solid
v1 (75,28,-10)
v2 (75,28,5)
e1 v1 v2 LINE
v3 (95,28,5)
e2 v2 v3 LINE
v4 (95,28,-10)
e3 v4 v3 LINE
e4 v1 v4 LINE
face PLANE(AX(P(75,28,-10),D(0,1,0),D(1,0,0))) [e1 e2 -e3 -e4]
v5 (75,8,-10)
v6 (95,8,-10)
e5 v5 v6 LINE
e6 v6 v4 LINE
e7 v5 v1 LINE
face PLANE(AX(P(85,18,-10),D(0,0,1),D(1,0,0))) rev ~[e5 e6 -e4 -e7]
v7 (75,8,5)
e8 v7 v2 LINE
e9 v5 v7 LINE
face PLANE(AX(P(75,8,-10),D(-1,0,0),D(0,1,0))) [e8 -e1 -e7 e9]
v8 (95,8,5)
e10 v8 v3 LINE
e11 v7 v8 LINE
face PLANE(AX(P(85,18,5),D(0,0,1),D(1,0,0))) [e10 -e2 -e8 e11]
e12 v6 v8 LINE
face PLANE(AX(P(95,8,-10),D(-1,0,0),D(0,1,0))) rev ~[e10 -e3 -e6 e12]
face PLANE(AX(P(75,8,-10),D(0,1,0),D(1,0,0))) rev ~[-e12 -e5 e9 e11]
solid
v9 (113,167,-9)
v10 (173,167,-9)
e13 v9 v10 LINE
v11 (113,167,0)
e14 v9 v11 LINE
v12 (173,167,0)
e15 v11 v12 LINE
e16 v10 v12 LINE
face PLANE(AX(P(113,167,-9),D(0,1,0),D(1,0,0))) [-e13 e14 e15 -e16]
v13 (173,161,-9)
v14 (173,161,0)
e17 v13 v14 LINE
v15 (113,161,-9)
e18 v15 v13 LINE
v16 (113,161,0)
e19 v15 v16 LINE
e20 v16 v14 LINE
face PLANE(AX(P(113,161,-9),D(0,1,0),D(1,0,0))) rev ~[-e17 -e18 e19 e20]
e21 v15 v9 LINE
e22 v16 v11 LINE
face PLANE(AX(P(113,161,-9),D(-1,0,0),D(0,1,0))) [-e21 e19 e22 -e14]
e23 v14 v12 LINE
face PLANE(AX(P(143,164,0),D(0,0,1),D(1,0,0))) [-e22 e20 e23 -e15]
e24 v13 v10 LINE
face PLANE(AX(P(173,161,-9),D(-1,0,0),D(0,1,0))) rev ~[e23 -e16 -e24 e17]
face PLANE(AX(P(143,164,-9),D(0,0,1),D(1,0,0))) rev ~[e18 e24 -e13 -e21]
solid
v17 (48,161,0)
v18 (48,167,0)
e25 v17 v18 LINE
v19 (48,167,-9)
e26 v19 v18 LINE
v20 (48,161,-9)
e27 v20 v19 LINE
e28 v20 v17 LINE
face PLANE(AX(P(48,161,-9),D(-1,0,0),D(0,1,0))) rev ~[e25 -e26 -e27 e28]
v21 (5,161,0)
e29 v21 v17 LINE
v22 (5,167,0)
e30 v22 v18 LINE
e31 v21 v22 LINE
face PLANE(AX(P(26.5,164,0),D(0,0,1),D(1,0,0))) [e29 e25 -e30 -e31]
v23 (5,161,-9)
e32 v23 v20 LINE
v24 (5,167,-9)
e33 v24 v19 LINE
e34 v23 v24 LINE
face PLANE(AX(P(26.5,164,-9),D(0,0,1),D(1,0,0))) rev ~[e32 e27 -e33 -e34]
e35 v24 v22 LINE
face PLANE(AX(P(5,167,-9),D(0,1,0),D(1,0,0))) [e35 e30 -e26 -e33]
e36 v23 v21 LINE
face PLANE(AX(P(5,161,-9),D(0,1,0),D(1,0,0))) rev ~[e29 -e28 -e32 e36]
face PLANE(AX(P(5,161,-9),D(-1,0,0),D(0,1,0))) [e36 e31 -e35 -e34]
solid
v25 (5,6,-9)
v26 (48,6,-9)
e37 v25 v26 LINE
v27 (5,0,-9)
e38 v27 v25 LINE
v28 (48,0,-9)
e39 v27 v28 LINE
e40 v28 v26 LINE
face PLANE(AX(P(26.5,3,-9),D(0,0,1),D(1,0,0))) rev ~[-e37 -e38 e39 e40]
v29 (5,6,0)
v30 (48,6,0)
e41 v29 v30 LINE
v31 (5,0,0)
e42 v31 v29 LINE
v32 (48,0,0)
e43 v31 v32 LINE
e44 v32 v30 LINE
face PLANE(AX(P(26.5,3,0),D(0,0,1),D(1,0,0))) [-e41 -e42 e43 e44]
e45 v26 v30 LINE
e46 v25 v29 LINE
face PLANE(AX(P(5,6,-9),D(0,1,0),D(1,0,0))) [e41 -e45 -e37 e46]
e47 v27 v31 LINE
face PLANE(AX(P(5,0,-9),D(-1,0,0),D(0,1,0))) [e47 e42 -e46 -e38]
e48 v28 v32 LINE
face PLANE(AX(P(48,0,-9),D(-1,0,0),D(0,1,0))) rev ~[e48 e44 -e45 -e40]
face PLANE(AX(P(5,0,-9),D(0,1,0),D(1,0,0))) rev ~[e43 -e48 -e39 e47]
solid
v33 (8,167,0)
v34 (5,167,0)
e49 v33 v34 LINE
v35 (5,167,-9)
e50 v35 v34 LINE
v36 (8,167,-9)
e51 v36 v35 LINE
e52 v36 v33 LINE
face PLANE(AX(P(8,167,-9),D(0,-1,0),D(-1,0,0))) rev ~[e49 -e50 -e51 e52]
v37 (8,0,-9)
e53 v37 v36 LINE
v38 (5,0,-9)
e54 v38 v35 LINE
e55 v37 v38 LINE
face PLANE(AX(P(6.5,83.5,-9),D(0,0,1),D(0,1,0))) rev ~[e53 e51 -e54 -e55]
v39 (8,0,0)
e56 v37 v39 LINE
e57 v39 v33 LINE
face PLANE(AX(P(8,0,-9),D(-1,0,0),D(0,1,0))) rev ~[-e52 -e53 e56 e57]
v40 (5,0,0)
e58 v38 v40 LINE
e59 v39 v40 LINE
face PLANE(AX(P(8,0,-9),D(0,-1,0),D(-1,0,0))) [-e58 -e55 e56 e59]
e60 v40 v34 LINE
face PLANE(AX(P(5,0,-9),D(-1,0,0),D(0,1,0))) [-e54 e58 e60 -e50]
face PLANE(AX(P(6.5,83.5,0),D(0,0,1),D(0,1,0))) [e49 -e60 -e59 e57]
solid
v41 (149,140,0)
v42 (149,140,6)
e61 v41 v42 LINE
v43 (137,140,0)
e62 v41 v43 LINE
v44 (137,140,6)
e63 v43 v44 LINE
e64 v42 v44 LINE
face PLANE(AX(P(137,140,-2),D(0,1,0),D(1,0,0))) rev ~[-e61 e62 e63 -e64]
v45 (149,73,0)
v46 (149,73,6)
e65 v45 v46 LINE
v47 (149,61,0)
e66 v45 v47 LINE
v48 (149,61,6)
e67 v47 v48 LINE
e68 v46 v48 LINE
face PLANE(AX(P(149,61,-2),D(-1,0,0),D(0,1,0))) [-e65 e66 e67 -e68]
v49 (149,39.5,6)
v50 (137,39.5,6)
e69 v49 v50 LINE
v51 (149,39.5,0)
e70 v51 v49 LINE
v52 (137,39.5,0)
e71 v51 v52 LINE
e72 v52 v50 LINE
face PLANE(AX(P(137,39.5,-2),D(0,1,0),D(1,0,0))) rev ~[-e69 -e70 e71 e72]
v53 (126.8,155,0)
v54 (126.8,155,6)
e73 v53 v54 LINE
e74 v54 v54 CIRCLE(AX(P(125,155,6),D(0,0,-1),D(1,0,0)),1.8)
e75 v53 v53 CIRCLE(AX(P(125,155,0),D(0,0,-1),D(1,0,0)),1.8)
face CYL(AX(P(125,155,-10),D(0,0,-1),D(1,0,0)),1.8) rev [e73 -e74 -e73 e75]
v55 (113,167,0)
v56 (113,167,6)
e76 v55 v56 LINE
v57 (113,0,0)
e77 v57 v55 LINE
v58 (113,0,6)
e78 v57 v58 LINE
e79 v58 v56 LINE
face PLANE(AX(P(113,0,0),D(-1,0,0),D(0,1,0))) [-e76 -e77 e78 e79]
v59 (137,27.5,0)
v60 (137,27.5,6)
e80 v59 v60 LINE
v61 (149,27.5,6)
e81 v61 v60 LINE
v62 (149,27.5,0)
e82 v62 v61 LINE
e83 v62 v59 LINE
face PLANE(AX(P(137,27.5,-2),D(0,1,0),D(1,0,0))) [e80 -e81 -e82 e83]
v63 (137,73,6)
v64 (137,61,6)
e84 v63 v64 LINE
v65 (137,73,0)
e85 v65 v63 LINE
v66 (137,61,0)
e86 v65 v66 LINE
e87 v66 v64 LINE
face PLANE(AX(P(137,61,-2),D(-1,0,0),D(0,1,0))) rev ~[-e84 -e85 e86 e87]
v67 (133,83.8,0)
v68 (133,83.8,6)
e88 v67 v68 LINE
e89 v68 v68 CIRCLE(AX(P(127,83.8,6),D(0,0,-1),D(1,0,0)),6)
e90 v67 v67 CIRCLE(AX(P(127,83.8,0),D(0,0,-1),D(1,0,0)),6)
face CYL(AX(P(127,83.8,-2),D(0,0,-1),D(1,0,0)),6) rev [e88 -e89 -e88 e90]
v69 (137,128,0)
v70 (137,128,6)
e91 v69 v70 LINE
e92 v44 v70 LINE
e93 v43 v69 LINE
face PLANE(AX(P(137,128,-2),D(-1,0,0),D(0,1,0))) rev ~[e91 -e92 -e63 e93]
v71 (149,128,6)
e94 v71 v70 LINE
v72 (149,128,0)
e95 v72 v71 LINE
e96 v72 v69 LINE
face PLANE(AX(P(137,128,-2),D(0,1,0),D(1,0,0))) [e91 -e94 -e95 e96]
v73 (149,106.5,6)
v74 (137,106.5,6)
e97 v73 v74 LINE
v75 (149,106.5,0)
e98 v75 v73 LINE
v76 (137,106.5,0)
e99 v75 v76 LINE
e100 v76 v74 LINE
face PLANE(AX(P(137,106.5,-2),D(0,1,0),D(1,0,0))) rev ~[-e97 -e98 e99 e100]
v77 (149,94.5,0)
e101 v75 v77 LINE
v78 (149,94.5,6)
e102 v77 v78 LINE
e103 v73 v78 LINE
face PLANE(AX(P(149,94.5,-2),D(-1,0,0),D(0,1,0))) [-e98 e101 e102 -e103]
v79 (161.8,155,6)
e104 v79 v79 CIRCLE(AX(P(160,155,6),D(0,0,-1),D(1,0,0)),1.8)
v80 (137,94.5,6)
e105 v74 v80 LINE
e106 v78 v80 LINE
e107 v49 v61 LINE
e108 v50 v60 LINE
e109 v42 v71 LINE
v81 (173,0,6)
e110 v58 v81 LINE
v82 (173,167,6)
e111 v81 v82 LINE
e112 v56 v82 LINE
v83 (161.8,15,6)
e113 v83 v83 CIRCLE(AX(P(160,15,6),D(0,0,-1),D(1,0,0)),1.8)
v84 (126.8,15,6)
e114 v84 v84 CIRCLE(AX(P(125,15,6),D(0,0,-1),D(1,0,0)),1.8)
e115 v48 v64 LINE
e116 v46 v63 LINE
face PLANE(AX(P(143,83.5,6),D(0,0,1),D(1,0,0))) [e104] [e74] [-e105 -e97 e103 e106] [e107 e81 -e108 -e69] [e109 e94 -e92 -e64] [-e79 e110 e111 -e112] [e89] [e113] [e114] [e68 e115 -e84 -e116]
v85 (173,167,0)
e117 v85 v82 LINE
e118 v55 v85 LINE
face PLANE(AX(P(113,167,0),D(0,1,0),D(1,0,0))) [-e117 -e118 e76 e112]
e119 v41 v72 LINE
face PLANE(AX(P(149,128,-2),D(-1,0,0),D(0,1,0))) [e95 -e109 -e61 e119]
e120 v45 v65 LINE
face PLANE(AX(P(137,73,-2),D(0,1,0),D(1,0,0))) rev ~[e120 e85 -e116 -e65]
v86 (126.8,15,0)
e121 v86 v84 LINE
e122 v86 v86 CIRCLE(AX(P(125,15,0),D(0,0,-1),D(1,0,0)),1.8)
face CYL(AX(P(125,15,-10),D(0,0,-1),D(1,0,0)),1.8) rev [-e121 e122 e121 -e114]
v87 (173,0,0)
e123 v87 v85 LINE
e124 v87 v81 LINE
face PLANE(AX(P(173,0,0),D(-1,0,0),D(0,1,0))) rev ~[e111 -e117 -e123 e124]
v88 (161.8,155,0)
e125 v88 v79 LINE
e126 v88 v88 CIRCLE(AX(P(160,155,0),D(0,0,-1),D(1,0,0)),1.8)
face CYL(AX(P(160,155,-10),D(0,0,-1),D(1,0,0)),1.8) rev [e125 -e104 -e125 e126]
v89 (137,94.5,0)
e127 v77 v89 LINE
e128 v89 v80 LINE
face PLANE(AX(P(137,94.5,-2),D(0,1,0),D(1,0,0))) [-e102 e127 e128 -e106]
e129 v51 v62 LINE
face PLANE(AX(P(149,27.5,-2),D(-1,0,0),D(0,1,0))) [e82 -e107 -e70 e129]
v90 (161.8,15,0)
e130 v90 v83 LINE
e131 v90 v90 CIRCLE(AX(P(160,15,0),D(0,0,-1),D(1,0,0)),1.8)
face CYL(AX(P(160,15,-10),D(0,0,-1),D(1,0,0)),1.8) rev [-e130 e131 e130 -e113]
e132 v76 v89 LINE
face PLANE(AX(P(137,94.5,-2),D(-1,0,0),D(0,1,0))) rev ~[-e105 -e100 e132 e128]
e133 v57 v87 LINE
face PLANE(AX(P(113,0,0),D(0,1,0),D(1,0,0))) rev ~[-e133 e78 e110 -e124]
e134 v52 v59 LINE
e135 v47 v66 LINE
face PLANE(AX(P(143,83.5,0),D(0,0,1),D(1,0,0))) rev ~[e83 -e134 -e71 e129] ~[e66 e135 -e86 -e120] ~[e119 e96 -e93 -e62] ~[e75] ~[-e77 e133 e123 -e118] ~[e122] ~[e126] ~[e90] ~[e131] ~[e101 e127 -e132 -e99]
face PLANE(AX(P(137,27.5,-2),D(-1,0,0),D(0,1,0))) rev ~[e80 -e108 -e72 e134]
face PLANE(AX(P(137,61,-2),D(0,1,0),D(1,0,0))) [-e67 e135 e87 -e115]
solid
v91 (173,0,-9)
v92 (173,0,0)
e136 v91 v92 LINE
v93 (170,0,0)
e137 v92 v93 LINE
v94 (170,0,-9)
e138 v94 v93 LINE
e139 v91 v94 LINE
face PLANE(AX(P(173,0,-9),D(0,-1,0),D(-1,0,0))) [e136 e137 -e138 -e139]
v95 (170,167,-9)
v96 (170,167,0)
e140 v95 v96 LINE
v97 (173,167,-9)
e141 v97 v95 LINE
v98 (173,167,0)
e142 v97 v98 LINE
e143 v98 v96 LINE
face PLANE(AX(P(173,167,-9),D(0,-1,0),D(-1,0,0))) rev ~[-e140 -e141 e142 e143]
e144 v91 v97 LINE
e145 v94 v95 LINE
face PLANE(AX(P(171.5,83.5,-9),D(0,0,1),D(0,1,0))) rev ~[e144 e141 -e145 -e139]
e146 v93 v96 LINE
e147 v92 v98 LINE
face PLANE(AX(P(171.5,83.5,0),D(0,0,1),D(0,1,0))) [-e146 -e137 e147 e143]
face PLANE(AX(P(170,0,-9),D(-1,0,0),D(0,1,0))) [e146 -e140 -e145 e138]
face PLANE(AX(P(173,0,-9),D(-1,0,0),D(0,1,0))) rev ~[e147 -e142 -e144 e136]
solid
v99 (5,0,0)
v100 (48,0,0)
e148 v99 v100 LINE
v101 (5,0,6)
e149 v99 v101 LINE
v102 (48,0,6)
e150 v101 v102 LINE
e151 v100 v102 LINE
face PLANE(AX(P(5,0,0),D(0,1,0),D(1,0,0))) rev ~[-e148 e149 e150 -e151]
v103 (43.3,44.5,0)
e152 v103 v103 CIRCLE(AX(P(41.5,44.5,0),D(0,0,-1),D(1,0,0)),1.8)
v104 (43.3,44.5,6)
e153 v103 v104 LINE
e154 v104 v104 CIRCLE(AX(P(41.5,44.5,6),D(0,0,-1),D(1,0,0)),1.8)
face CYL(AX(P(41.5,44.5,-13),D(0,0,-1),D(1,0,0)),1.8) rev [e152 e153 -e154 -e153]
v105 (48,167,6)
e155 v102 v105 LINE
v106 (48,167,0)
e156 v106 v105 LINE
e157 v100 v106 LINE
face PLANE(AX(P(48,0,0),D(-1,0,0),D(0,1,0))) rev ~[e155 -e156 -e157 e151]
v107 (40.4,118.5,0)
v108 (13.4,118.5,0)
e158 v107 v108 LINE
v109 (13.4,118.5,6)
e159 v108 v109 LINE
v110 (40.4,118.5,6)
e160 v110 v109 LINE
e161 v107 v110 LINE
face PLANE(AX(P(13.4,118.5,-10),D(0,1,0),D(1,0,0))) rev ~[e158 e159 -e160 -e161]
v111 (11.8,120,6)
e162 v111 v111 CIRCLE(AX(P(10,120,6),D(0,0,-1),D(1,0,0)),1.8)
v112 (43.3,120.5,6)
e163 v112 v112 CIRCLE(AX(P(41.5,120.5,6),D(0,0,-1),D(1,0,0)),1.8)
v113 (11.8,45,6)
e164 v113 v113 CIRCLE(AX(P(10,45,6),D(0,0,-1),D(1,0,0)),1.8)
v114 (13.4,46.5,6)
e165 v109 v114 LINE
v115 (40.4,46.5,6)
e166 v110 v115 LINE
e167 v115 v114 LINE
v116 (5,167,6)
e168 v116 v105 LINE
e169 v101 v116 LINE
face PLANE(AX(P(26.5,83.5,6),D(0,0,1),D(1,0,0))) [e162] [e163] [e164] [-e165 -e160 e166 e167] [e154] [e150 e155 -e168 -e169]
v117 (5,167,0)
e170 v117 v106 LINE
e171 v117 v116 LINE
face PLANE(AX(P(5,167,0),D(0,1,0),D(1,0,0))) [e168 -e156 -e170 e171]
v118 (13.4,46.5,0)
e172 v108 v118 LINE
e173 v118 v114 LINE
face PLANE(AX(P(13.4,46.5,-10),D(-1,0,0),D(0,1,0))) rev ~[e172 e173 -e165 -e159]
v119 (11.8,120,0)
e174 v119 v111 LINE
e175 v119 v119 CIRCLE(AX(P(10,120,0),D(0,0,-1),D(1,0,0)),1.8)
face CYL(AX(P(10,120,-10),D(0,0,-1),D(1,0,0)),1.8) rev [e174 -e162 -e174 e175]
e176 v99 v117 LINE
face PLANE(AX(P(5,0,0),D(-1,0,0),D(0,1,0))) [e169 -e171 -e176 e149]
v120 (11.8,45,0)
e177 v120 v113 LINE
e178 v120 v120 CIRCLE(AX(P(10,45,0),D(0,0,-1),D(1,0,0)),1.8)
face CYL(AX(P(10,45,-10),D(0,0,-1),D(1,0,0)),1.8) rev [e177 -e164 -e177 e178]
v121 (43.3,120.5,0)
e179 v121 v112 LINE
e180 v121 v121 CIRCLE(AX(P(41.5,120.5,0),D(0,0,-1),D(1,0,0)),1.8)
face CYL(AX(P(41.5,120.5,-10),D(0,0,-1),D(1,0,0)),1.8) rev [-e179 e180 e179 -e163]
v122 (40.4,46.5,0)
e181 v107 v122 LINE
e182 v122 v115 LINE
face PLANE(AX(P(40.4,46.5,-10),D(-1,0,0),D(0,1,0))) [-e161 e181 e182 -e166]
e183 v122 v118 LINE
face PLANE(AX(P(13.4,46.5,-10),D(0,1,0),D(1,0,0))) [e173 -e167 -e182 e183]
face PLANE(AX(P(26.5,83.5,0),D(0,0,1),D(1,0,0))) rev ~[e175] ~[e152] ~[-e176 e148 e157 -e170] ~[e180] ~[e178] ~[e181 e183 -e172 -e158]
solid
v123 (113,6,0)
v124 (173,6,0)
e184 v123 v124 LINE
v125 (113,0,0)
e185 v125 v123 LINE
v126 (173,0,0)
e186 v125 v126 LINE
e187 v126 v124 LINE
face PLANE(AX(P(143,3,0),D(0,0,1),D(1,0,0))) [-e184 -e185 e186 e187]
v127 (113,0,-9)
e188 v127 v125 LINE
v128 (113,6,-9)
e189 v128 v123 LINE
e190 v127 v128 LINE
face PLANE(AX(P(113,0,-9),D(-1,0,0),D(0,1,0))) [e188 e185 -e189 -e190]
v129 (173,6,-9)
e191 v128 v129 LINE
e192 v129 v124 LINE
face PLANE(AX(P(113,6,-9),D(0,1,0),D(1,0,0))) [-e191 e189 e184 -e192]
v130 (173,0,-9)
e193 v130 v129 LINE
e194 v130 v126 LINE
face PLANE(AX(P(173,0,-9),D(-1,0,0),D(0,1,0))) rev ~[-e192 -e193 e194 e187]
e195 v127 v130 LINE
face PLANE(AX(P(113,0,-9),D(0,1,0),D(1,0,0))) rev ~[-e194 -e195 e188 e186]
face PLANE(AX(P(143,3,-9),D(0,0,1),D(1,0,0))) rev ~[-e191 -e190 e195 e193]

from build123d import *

# Parameters (mm, degrees)
BOX001_W          = 43
BOX001_H          = 6
BOX001_DEPTH      = 9
BOX002_W          = 43
BOX002_H          = 6
BOX002_DEPTH      = 9
BOX003_W          = 167
BOX003_H          = 3
BOX003_DEPTH      = 9
BOX009_W          = 60
BOX009_H          = 6
BOX009_DEPTH      = 9
BOX010_W          = 60
BOX010_H          = 6
BOX010_DEPTH      = 9
BOX011_W          = 167
BOX011_H          = 3
BOX011_DEPTH      = 9
TUBE008_R         = 1.8
TUBE008_DEPTH     = 21
TUBE007_R         = 1.8
TUBE007_DEPTH     = 20
TUBE006_R         = 1.8
TUBE006_DEPTH     = 20
TUBE005_R         = 1.8
TUBE005_DEPTH     = 20
BOX004_W          = 27
BOX004_H          = 72
BOX004_DEPTH      = 18
BOX007_W          = 43
BOX007_H          = 167
BOX007_DEPTH      = 6
TUBE010_R         = 1.8
TUBE010_DEPTH     = 20
TUBE011_R         = 1.8
TUBE011_DEPTH     = 20
TUBE012_R         = 1.8
TUBE012_DEPTH     = 20
BOX014_W          = 12
BOX014_H          = 12
BOX014_DEPTH      = 10
BOX012_W          = 12
BOX012_H          = 12
BOX012_DEPTH      = 10
BOX013_W          = 12
BOX013_H          = 12
BOX013_DEPTH      = 10
BOX015_W          = 12
BOX015_H          = 12
BOX015_DEPTH      = 10
CYLINDER005_R     = 6
CYLINDER005_DEPTH = 10
TUBE009_R         = 1.8
TUBE009_DEPTH     = 20
BOX008_W          = 60
BOX008_H          = 167
BOX008_DEPTH      = 6
BOX_W             = 20
BOX_H             = 20
BOX_DEPTH         = 15


with BuildPart() as side1:
    # Box001 → Box001 (new body)
    with BuildSketch(Plane(origin=(5, 0, -9), x_dir=(1, 0, 0), z_dir=(0, 0, 1))):
        with Locations((21.5, 3)):
            Rectangle(BOX001_W, BOX001_H)
    extrude(amount=BOX001_DEPTH)


with BuildPart() as side2:
    # Box002 → Box002 (new body)
    with BuildSketch(Plane(origin=(5, 161, -9), x_dir=(1, 0, 0), z_dir=(0, 0, 1))):
        with Locations((21.5, 3)):
            Rectangle(BOX002_W, BOX002_H)
    extrude(amount=BOX002_DEPTH)


with BuildPart() as side3:
    # Box003 → Box003 (new body)
    with BuildSketch(Plane(origin=(8, 0, -9), x_dir=(0, 1, 0), z_dir=(0, 0, 1))):
        with Locations((83.5, 1.5)):
            Rectangle(BOX003_W, BOX003_H)
    extrude(amount=BOX003_DEPTH)


with BuildPart() as side4:
    # Box009 → Box009 (new body)
    with BuildSketch(Plane(origin=(113, 0, -9), x_dir=(1, 0, 0), z_dir=(0, 0, 1))):
        with Locations((30, 3)):
            Rectangle(BOX009_W, BOX009_H)
    extrude(amount=BOX009_DEPTH)


with BuildPart() as side5:
    # Box010 → Box010 (new body)
    with BuildSketch(Plane(origin=(113, 161, -9), x_dir=(1, 0, 0), z_dir=(0, 0, 1))):
        with Locations((30, 3)):
            Rectangle(BOX010_W, BOX010_H)
    extrude(amount=BOX010_DEPTH)


with BuildPart() as side6:
    # Box011 → Box011 (new body)
    with BuildSketch(Plane(origin=(173, 0, -9), x_dir=(0, 1, 0), z_dir=(0, 0, 1))):
        with Locations((83.5, 1.5)):
            Rectangle(BOX011_W, BOX011_H)
    extrude(amount=BOX011_DEPTH)


with BuildPart() as screw4:
    # Tube008 → Tube008 (new body)
    with BuildSketch(Plane(origin=(41.5, 44.5, -13), x_dir=(1, 0, 0), z_dir=(0, 0, 1))):
        Circle(TUBE008_R)
    extrude(amount=TUBE008_DEPTH)


with BuildPart() as screw3:
    # Tube007 → Tube007 (new body)
    with BuildSketch(Plane(origin=(41.5, 120.5, -10), x_dir=(1, 0, 0), z_dir=(0, 0, 1))):
        Circle(TUBE007_R)
    extrude(amount=TUBE007_DEPTH)


with BuildPart() as screw2:
    # Tube006 → Tube006 (new body)
    with BuildSketch(Plane(origin=(10, 120, -10), x_dir=(1, 0, 0), z_dir=(0, 0, 1))):
        Circle(TUBE006_R)
    extrude(amount=TUBE006_DEPTH)


with BuildPart() as screw1:
    # Tube005 → Tube005 (new body)
    with BuildSketch(Plane(origin=(10, 45, -10), x_dir=(1, 0, 0), z_dir=(0, 0, 1))):
        Circle(TUBE005_R)
    extrude(amount=TUBE005_DEPTH)


with BuildPart() as lcd:
    # Box004 → Box004 (new body)
    with BuildSketch(Plane(origin=(13.4, 46.5, -10), x_dir=(1, 0, 0), z_dir=(0, 0, 1))):
        with Locations((13.5, 36)):
            Rectangle(BOX004_W, BOX004_H)
    extrude(amount=BOX004_DEPTH)


with BuildPart() as cut004:
    # Box007 → Box007 (new body)
    with BuildSketch(Plane(origin=(5, 0, 0), x_dir=(1, 0, 0), z_dir=(0, 0, 1))):
        with Locations((21.5, 83.5)):
            Rectangle(BOX007_W, BOX007_H)
    extrude(amount=BOX007_DEPTH)

    # Cut: cut LCD
    add(lcd.part, mode=Mode.SUBTRACT)

    # Cut001: cut screw1
    add(screw1.part, mode=Mode.SUBTRACT)

    # Cut002: cut screw2
    add(screw2.part, mode=Mode.SUBTRACT)

    # Cut003: cut screw3
    add(screw3.part, mode=Mode.SUBTRACT)

    # Cut004: cut screw4
    add(screw4.part, mode=Mode.SUBTRACT)


with BuildPart() as screw6:
    # Tube010 → Tube010 (new body)
    with BuildSketch(Plane(origin=(160, 15, -10), x_dir=(1, 0, 0), z_dir=(0, 0, 1))):
        Circle(TUBE010_R)
    extrude(amount=TUBE010_DEPTH)


with BuildPart() as screw7:
    # Tube011 → Tube011 (new body)
    with BuildSketch(Plane(origin=(160, 155, -10), x_dir=(1, 0, 0), z_dir=(0, 0, 1))):
        Circle(TUBE011_R)
    extrude(amount=TUBE011_DEPTH)


with BuildPart() as screw8:
    # Tube012 → Tube012 (new body)
    with BuildSketch(Plane(origin=(125, 155, -10), x_dir=(1, 0, 0), z_dir=(0, 0, 1))):
        Circle(TUBE012_R)
    extrude(amount=TUBE012_DEPTH)


with BuildPart() as button3:
    # Box014 → Box014 (new body)
    with BuildSketch(Plane(origin=(137, 94.5, -2), x_dir=(1, 0, 0), z_dir=(0, 0, 1))):
        with Locations((6, 6)):
            Rectangle(BOX014_W, BOX014_H)
    extrude(amount=BOX014_DEPTH)


with BuildPart() as button1:
    # Box012 → Box012 (new body)
    with BuildSketch(Plane(origin=(137, 27.5, -2), x_dir=(1, 0, 0), z_dir=(0, 0, 1))):
        with Locations((6, 6)):
            Rectangle(BOX012_W, BOX012_H)
    extrude(amount=BOX012_DEPTH)


with BuildPart() as button4:
    # Box013 → Box013 (new body)
    with BuildSketch(Plane(origin=(137, 128, -2), x_dir=(1, 0, 0), z_dir=(0, 0, 1))):
        with Locations((6, 6)):
            Rectangle(BOX013_W, BOX013_H)
    extrude(amount=BOX013_DEPTH)


with BuildPart() as button2:
    # Box015 → Box015 (new body)
    with BuildSketch(Plane(origin=(137, 61, -2), x_dir=(1, 0, 0), z_dir=(0, 0, 1))):
        with Locations((6, 6)):
            Rectangle(BOX015_W, BOX015_H)
    extrude(amount=BOX015_DEPTH)


with BuildPart() as buzzer:
    # Cylinder005 → Cylinder005 (new body)
    with BuildSketch(Plane(origin=(127, 83.8, -2), x_dir=(1, 0, 0), z_dir=(0, 0, 1))):
        Circle(CYLINDER005_R)
    extrude(amount=CYLINDER005_DEPTH)


with BuildPart() as screw5:
    # Tube009 → Tube009 (new body)
    with BuildSketch(Plane(origin=(125, 15, -10), x_dir=(1, 0, 0), z_dir=(0, 0, 1))):
        Circle(TUBE009_R)
    extrude(amount=TUBE009_DEPTH)


with BuildPart() as cut013:
    # Box008 → Box008 (new body)
    with BuildSketch(Plane(origin=(113, 0, 0), x_dir=(1, 0, 0), z_dir=(0, 0, 1))):
        with Locations((30, 83.5)):
            Rectangle(BOX008_W, BOX008_H)
    extrude(amount=BOX008_DEPTH)

    # Cut005: cut screw5
    add(screw5.part, mode=Mode.SUBTRACT)

    # Cut006: cut Buzzer
    add(buzzer.part, mode=Mode.SUBTRACT)

    # Cut007: cut Button2
    add(button2.part, mode=Mode.SUBTRACT)

    # Cut008: cut Button4
    add(button4.part, mode=Mode.SUBTRACT)

    # Cut009: cut Button1
    add(button1.part, mode=Mode.SUBTRACT)

    # Cut010: cut Button3
    add(button3.part, mode=Mode.SUBTRACT)

    # Cut011: cut screw8
    add(screw8.part, mode=Mode.SUBTRACT)

    # Cut012: cut screw7
    add(screw7.part, mode=Mode.SUBTRACT)

    # Cut013: cut screw6
    add(screw6.part, mode=Mode.SUBTRACT)


with BuildPart() as ledmatrix_supports:
    # Box → Box (new body)
    with BuildSketch(Plane(origin=(75, 8, -10), x_dir=(1, 0, 0), z_dir=(0, 0, 1))):
        with Locations((10, 10)):
            Rectangle(BOX_W, BOX_H)
    extrude(amount=BOX_DEPTH)


solid = Compound([side1.part, side2.part, side3.part, side4.part, side5.part, side6.part, cut004.part, cut013.part, ledmatrix_supports.part])
